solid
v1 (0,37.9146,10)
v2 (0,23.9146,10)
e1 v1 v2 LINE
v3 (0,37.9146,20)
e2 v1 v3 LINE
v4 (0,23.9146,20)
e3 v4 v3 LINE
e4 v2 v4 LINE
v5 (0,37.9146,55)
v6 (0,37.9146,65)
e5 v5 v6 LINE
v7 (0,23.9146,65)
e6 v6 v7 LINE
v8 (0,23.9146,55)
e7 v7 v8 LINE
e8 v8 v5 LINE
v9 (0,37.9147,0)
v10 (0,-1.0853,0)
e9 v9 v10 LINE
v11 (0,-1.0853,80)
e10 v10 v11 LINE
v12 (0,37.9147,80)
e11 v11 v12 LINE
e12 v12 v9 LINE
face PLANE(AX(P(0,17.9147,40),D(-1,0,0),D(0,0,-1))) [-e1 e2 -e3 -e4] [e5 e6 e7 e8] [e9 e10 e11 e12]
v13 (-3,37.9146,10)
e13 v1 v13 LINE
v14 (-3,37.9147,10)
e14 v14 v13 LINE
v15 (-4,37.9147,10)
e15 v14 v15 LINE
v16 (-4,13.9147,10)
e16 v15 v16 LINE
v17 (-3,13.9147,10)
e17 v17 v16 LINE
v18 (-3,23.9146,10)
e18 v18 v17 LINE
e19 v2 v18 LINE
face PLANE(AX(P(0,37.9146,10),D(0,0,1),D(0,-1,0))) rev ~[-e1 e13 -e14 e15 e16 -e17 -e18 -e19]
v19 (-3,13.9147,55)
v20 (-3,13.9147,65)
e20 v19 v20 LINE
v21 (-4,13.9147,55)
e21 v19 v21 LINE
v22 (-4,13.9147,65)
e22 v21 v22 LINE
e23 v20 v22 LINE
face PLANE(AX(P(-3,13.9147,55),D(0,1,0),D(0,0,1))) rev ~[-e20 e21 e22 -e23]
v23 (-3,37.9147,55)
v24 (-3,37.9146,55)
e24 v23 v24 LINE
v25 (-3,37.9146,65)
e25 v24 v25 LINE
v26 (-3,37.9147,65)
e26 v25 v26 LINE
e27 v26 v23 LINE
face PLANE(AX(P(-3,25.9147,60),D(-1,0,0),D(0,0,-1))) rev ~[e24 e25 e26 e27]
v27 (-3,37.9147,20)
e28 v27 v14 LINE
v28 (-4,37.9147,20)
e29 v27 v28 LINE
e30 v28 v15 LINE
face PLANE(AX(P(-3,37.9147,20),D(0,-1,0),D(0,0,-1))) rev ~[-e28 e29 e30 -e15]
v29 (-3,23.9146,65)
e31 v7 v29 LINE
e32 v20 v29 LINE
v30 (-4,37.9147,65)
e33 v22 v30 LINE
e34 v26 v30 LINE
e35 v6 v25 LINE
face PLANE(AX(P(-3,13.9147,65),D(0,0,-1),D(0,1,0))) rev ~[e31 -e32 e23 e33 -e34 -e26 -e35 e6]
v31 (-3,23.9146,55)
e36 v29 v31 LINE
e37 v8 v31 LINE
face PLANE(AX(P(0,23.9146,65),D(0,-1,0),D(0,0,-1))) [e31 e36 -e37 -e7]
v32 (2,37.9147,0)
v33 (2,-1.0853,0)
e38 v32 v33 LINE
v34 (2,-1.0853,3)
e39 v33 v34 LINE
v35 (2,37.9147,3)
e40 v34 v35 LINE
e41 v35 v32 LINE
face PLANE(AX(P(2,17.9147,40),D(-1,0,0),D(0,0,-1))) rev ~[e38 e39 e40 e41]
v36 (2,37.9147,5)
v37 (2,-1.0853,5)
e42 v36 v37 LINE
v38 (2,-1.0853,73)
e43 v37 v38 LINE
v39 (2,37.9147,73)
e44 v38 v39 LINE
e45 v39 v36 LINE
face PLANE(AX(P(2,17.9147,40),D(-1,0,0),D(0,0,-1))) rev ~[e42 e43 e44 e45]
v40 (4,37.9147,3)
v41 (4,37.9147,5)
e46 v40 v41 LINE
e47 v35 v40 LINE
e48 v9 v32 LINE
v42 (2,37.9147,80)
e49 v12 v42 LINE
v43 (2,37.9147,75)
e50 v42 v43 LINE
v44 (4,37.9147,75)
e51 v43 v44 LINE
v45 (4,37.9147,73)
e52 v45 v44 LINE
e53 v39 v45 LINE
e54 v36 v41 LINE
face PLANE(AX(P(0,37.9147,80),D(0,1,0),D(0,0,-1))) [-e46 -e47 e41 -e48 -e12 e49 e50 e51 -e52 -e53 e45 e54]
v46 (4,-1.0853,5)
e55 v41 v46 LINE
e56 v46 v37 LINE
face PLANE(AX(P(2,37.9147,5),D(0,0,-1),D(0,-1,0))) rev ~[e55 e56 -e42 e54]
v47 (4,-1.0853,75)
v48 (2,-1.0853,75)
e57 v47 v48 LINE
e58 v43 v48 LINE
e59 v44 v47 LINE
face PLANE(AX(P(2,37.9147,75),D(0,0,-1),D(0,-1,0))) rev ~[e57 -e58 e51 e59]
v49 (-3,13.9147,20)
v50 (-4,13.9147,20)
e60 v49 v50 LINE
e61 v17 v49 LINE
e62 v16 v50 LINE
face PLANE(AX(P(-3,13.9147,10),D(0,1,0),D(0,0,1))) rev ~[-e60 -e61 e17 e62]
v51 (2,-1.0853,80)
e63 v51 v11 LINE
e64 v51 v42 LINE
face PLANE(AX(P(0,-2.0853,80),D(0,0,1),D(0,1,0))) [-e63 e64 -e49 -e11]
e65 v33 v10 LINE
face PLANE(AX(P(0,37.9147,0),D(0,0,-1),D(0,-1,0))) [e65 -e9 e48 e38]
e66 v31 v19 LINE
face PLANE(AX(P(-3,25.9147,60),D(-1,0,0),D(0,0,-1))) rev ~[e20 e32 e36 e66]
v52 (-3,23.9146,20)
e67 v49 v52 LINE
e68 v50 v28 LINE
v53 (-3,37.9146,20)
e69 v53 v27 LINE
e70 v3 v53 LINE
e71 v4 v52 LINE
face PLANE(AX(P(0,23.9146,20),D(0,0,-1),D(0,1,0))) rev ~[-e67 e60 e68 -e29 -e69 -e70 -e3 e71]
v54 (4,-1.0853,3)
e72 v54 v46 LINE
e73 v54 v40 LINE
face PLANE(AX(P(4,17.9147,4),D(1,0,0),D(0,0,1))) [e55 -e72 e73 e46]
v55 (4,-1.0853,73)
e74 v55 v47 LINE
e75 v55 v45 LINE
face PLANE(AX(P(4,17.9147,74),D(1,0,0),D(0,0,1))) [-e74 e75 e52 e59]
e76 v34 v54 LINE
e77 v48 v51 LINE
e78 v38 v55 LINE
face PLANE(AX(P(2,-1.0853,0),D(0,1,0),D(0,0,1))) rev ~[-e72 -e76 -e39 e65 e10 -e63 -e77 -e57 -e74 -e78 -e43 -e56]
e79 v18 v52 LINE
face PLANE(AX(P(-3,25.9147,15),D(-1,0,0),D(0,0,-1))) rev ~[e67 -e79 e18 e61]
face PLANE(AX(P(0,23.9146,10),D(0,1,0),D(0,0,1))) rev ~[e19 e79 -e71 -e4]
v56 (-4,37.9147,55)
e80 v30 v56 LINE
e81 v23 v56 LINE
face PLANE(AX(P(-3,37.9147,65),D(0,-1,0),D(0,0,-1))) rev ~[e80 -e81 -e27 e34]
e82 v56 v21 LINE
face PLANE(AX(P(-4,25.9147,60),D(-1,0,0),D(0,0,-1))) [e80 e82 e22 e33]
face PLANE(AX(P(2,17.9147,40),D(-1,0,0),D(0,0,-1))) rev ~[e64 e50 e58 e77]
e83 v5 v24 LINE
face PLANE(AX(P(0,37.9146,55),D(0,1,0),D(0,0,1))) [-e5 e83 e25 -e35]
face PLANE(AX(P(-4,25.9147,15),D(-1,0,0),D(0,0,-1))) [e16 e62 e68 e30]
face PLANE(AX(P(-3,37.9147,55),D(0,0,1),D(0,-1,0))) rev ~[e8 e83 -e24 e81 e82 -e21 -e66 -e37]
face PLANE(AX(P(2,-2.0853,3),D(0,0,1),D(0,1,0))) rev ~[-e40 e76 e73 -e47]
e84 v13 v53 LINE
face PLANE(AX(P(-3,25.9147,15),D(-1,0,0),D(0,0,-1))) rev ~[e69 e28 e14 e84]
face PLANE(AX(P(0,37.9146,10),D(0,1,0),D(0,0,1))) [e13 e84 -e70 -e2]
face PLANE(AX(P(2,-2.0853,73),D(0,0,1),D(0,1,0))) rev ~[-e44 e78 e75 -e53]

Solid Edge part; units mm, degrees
sketch "Sketch1" plane through (0, 0, 0) normal (-1, 0, 0) x (0, -1, 0)
  line L0 (2.0853, 0) -> (2.0853, 80)
  line L1 (2.0853, 80) -> (-37.9147, 80)
  line L2 (-37.9147, 80) -> (-37.9147, 0)
  line L3 (-37.9147, 0) -> (2.0853, 0)
extrude "Protrusion1" add sketch "Sketch1" against normal blind 2
sketch "Sketch2" plane through (0, 18.9573, 40) normal (-1, 0, 0) x (0, 0, 1)
  line L0 (-20, 4.9573) -> (-20, 18.9573)
  line L1 (-30, 18.9573) -> (-20, 18.9573)
  line L2 (-30, 18.9573) -> (-30, 4.9573)
  line L3 (-30, 4.9573) -> (-20, 4.9573)
  line L4 (25, 18.9573) -> (25, 4.9573)
  line L5 (25, 4.9573) -> (15, 4.9573)
  line L6 (15, 4.9573) -> (15, 18.9573)
  line L7 (15, 18.9573) -> (25, 18.9573)
extrude "Vysunutí_2" add sketch "Sketch2" along normal blind 3
sketch "Sketch3" plane through (-3, 30.9147, 60) normal (-1, 0, 0) x (0, 0, 1)
  line L0 (5, -17) -> (5, 7)
  line L1 (5, 7) -> (-5, 7)
  line L2 (-5, 7) -> (-5, -17)
  line L3 (-5, -17) -> (5, -17)
  line L4 (-40, -17) -> (-40, 7)
  line L5 (-40, 7) -> (-50, 7)
  line L6 (-50, 7) -> (-50, -17)
  line L7 (-50, -17) -> (-40, -17)
extrude "Vysunutí_3" add sketch "Sketch3" along normal blind 1
sketch "Sketch4" plane through (2, 17.9147, 40) normal (1, 0, 0) x (0, 0, 1)
  line L0 (33, 20) -> (33, -20)
  line L1 (33, -20) -> (35, -20)
  line L2 (35, -20) -> (35, 20)
  line L3 (35, 20) -> (33, 20)
extrude "Protrusion2" add sketch "Sketch4" along normal blind 2
sketch "Sketch5" plane through (2, 17.9147, 36.5) normal (1, 0, 0) x (0, 0, -1)
  line L0 (31.5, 20) -> (31.5, -20)
  line L1 (31.5, -20) -> (33.5, -20)
  line L2 (33.5, -20) -> (33.5, 20)
  line L3 (33.5, 20) -> (31.5, 20)
extrude "Vysunutí_6" add sketch "Sketch5" along normal blind 2
sketch "Sketch6" plane through (2, 17.9147, 39) normal (1, 0, 0) x (0, -1, 0)
  line L0 (19, 39) -> (19, -41)
  line L1 (19, -41) -> (20, -41)
  line L2 (20, -41) -> (20, 39)
  line L3 (20, 39) -> (19, 39)
extrude "Vyříznutí_1" cut sketch "Sketch6" against normal blind 2
sketch "Sketch7" plane through (2, 17.9147, 39) normal (1, 0, 0) x (0, -1, 0)
  line L0 (20, -41) -> (20, 39)
  line L1 (20, 39) -> (19, 39)
  line L2 (19, 39) -> (19, -41)
  line L3 (19, -41) -> (20, -41)
extrude "Vyříznutí_2" cut sketch "Sketch7" along normal blind 2
